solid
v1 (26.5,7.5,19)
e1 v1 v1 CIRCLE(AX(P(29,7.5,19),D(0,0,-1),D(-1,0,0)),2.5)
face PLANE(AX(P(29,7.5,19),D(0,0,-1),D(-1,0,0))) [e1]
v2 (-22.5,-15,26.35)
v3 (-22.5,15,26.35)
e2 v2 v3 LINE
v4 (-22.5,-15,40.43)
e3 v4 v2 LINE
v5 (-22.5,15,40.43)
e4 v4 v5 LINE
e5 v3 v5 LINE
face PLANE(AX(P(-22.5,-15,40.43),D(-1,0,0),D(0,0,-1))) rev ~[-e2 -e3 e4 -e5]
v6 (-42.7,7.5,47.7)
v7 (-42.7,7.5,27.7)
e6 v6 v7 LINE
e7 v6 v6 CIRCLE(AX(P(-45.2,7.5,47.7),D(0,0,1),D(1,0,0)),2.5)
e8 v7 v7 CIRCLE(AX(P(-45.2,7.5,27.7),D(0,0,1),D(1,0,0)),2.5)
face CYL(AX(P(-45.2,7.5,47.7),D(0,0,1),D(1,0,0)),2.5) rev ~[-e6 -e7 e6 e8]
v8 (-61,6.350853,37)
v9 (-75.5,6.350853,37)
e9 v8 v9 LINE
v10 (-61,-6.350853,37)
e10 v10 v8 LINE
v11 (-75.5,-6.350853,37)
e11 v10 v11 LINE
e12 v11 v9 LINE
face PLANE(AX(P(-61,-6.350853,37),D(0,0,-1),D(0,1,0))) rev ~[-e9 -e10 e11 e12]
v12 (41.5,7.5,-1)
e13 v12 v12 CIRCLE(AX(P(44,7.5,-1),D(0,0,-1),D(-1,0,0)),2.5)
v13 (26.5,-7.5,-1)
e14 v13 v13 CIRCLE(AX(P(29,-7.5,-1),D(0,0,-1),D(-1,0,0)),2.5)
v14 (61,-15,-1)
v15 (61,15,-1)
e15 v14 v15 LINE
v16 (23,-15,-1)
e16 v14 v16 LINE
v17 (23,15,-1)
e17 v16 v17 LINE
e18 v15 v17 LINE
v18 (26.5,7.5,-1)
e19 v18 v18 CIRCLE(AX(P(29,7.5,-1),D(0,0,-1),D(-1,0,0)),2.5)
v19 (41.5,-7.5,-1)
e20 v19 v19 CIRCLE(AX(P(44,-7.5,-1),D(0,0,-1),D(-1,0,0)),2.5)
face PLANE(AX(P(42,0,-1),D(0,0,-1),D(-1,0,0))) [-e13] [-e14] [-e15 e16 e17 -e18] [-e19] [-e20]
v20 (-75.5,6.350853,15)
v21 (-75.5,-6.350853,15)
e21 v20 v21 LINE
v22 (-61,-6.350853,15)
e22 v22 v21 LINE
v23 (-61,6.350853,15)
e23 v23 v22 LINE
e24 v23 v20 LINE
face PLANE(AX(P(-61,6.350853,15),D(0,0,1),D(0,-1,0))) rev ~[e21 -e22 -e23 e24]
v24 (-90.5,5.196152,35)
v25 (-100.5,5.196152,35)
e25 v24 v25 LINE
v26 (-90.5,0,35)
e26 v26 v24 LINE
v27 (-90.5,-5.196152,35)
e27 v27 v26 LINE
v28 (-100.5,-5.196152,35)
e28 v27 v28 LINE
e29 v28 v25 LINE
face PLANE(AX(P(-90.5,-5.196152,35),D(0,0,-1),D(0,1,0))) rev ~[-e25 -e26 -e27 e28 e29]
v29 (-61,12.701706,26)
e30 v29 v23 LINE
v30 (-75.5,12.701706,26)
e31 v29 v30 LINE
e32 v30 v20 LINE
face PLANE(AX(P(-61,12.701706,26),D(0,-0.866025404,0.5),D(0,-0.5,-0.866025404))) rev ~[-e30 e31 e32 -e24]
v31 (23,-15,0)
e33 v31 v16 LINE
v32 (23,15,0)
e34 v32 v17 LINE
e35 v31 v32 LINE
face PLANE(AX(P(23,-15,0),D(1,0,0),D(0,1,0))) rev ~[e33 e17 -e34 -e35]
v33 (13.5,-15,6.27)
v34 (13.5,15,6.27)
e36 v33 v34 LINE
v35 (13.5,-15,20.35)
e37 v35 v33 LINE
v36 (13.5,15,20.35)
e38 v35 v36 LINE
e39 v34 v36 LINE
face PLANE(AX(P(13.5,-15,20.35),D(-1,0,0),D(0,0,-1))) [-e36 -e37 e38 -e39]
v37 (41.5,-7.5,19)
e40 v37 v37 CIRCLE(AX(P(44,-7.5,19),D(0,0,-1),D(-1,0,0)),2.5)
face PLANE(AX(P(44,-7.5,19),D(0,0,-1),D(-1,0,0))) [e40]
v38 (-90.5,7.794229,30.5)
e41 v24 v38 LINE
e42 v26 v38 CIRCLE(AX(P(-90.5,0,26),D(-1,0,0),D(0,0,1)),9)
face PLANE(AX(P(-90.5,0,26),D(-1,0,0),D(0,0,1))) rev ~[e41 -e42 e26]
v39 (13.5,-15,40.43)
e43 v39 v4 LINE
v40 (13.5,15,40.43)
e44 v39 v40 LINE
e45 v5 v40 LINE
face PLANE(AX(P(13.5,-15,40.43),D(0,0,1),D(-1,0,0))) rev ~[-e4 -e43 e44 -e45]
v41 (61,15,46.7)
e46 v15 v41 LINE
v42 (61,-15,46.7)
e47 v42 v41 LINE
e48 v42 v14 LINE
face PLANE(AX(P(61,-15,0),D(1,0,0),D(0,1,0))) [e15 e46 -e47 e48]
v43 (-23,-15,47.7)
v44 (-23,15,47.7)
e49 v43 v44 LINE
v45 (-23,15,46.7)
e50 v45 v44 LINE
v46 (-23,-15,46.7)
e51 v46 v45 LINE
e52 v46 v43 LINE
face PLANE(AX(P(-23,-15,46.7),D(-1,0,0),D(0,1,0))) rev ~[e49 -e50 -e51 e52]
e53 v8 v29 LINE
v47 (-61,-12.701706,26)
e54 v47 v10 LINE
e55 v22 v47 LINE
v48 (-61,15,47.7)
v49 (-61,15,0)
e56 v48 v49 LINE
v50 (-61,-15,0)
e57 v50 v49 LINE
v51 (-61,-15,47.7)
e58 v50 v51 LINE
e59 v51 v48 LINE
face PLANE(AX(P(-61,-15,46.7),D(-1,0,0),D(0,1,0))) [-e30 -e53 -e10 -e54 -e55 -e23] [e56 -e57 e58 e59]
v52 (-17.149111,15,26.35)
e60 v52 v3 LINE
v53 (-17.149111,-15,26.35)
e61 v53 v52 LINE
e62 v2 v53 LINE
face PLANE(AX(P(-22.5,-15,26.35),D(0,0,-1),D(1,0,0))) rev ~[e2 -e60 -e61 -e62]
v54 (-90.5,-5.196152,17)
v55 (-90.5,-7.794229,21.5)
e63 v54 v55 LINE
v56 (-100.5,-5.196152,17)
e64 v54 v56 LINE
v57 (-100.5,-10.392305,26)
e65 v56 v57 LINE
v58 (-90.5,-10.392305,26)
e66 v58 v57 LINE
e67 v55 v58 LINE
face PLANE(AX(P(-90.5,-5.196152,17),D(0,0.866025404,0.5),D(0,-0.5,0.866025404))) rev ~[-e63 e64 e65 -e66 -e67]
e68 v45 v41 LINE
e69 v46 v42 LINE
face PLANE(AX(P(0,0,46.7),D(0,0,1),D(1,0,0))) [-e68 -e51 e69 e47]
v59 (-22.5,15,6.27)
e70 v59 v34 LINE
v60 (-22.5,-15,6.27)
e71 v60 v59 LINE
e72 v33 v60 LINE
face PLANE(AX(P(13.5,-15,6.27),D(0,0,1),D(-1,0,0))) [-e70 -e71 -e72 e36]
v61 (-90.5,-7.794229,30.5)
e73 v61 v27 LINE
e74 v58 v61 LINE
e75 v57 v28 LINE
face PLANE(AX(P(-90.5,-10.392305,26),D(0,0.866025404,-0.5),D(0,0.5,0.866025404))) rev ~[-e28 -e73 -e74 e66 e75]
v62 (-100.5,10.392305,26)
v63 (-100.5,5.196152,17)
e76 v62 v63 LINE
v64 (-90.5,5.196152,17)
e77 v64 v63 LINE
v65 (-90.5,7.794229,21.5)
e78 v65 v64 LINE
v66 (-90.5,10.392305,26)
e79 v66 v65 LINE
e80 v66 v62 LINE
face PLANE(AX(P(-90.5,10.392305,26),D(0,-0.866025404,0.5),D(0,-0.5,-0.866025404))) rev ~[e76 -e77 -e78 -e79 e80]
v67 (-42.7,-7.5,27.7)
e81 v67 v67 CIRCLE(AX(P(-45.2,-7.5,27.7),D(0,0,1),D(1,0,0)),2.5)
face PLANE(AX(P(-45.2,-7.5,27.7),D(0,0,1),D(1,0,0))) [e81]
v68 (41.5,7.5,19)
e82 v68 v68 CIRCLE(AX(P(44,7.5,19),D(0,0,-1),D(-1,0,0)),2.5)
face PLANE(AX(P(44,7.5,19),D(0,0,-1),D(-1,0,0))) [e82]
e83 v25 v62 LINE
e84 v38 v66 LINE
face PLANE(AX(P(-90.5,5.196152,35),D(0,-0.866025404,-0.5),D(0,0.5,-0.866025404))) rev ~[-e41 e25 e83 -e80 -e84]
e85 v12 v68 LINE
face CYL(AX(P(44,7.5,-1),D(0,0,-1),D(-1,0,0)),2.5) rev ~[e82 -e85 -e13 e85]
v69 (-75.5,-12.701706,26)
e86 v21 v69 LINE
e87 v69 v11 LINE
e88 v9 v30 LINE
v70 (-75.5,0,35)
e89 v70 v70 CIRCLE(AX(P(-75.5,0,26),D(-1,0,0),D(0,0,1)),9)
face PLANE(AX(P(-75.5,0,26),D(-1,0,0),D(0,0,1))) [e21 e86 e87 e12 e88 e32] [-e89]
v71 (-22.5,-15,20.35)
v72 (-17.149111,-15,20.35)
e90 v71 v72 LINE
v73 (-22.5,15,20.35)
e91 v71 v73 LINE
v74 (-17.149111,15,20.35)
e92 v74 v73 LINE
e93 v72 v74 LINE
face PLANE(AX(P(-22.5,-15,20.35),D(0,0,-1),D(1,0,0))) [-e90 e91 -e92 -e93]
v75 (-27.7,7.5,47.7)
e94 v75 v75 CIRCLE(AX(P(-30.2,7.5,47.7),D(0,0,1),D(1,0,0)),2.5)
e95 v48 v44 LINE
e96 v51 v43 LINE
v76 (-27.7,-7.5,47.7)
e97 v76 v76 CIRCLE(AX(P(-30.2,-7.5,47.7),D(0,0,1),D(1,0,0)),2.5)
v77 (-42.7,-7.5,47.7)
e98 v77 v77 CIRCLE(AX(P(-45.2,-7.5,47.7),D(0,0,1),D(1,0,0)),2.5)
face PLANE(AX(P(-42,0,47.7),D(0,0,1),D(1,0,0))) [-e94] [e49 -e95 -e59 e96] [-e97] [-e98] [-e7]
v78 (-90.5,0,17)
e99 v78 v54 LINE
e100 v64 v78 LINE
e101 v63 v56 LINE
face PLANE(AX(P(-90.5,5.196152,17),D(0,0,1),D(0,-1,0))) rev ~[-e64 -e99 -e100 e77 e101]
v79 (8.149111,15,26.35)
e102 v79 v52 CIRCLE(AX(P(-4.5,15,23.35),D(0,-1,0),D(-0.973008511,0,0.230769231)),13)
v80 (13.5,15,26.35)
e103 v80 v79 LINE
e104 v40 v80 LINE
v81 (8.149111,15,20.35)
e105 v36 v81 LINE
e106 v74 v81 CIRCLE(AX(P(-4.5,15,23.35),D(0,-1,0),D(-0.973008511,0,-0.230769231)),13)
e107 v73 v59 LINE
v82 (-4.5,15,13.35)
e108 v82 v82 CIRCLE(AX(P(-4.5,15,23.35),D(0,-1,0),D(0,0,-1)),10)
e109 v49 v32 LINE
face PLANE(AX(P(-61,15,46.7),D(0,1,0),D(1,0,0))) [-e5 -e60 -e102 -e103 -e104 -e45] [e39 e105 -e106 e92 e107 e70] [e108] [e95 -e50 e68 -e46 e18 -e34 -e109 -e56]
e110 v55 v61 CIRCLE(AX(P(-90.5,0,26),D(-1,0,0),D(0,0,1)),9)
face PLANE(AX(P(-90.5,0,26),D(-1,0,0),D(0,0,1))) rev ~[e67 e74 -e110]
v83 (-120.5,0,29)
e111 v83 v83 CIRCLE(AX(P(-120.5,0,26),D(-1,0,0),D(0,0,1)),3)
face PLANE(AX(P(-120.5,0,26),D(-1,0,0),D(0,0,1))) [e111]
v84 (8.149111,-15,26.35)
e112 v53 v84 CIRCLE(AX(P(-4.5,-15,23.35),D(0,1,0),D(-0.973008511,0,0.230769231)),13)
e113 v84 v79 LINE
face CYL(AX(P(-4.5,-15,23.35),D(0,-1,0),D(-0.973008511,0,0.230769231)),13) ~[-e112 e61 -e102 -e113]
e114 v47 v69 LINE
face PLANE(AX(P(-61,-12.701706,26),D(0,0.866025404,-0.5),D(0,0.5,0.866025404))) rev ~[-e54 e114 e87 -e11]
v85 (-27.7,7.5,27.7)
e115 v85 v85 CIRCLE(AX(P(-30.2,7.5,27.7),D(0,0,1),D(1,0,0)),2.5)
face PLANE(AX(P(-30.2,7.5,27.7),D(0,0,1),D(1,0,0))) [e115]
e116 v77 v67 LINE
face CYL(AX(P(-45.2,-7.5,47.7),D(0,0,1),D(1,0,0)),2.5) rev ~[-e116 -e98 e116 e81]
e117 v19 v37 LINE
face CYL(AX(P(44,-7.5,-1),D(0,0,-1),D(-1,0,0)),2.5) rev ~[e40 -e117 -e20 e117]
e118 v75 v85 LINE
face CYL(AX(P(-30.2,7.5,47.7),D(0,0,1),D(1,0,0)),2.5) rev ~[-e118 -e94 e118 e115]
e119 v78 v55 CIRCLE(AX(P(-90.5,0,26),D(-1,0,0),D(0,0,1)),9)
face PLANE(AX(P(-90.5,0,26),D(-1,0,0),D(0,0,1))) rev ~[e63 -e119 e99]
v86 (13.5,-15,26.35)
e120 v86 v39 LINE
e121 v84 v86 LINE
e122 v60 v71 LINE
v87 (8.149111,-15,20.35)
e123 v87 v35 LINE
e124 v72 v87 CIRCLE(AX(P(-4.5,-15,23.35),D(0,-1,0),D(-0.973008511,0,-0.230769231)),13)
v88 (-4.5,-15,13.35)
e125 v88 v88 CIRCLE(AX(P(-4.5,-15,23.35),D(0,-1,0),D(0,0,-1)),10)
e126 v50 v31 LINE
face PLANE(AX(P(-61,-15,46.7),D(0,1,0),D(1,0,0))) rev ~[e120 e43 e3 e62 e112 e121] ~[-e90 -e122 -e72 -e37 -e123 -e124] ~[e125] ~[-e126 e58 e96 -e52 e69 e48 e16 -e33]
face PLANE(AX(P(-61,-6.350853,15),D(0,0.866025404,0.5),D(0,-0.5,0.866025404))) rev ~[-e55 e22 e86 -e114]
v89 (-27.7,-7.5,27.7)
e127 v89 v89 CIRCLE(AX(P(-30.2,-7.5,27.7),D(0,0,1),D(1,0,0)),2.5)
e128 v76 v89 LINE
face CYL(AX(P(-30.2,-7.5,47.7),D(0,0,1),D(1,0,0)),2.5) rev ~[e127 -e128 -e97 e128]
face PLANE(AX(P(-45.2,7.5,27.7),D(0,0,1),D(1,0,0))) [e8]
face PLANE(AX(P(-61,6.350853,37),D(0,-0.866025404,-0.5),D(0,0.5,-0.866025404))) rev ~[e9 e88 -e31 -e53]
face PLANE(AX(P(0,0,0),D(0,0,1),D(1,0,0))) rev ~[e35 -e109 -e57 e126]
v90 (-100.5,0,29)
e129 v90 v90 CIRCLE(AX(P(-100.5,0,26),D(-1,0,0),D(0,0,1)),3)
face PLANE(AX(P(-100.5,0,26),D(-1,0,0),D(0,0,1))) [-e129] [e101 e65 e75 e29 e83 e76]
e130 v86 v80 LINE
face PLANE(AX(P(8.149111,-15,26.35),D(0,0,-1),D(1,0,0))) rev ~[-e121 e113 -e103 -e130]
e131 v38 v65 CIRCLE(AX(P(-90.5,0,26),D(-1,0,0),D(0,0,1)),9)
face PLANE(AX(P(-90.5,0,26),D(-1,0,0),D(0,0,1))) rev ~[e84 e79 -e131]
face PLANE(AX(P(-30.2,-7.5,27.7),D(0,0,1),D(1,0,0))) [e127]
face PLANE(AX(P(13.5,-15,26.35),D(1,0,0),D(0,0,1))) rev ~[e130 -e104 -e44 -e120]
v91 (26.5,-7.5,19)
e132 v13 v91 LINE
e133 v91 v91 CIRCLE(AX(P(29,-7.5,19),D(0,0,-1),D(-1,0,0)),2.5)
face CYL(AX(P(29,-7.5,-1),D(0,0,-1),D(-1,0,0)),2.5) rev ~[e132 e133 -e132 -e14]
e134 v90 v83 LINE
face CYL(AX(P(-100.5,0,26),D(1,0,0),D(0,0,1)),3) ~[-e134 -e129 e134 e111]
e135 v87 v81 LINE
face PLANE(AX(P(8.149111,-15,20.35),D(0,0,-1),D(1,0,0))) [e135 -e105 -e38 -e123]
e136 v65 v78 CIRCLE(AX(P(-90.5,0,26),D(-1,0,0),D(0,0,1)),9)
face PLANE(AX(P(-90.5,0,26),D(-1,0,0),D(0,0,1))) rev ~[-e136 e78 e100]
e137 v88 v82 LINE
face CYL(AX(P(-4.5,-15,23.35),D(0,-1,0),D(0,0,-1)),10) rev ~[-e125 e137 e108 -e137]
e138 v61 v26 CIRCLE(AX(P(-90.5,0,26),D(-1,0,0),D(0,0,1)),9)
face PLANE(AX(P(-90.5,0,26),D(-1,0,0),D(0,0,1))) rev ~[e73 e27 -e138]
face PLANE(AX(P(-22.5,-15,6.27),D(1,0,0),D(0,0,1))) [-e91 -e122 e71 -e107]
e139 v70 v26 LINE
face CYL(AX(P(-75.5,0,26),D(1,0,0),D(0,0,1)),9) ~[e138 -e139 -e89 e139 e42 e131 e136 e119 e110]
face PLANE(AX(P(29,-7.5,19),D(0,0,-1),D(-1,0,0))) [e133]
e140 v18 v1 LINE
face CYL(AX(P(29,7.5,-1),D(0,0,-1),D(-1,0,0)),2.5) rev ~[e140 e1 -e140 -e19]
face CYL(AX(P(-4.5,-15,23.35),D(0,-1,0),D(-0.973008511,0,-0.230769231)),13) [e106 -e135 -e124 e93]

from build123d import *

# Parameters (mm, degrees)
IZIM1_W                     = 122
IZIM1_H                     = 30
Y_KSEKLIK_EKSTR_ZYON1_DEPTH = 46.7
IZIM2_W                     = 38
IZIM2_H                     = 30
Y_KSEKLIK_EKSTR_ZYON2_DEPTH = 1
IZIM3_R                     = 2.5
KES_EKSTR_ZYON1_DEPTH       = 20
KES_EKSTR_ZYON2_DEPTH       = 38
IZIM5_R                     = 10
KES_EKSTR_ZYON3_DEPTH       = 38
Y_KSEKLIK_EKSTR_ZYON3_DEPTH = 14.5
IZIM7_R                     = 9
Y_KSEKLIK_EKSTR_ZYON4_DEPTH = 15
IZIM8_W                     = 38
IZIM8_H                     = 30
Y_KSEKLIK_EKSTR_ZYON5_DEPTH = 1
IZIM9_R                     = 2.5
KES_EKSTR_ZYON4_DEPTH       = 20
Y_KSEKLIK_EKSTR_ZYON6_DEPTH = 10
IZIM11_R                    = 3
Y_KSEKLIK_EKSTR_ZYON7_DEPTH = 20


with BuildPart() as part:
    # Çizim1 → Yükseklik-Ekstrüzyon1 (new body)
    with BuildSketch(Plane.XY):
        Rectangle(IZIM1_W, IZIM1_H)
    extrude(amount=Y_KSEKLIK_EKSTR_ZYON1_DEPTH)

    # Çizim2 → Yükseklik-Ekstrüzyon2 (add)
    with BuildSketch(Plane(origin=(0, 0, 0), x_dir=(-1, 0, 0), z_dir=(0, 0, -1))):
        with Locations((-42, 0)):
            Rectangle(IZIM2_W, IZIM2_H)
    extrude(amount=Y_KSEKLIK_EKSTR_ZYON2_DEPTH)

    # Çizim3 → Kes-Ekstrüzyon1 (cut)
    with BuildSketch(Plane(origin=(0, 0, -1), x_dir=(-1, 0, 0), z_dir=(0, 0, -1))):
        with Locations((-29, 7.5)):
            Circle(IZIM3_R)
        with Locations((-44, 7.5)):
            Circle(IZIM3_R)
        with Locations((-44, -7.5)):
            Circle(IZIM3_R)
        with Locations((-29, -7.5)):
            Circle(IZIM3_R)
    extrude(amount=-KES_EKSTR_ZYON1_DEPTH, mode=Mode.SUBTRACT)

    # Çizim4 → Kes-Ekstrüzyon2 (cut)
    with BuildSketch(Plane.XZ.offset(15)):
        with BuildLine():
            Line((13.5, 6.27), (-22.5, 6.27))
            Line((-22.5, 6.27), (-22.5, 20.35))
            Line((-22.5, 20.35), (-17.149110641, 20.35))
            ThreePointArc((-17.149110641, 20.35), (-4.5, 10.35), (8.149110641, 20.35))
            Line((8.149110641, 20.35), (13.5, 20.35))
            Line((13.5, 20.35), (13.5, 6.27))
        make_face()
        with BuildLine():
            Line((13.5, 40.43), (-22.5, 40.43))
            Line((-22.5, 40.43), (-22.5, 26.35))
            Line((-22.5, 26.35), (-17.149110641, 26.35))
            ThreePointArc((-17.149110641, 26.35), (-4.5, 36.35), (8.149110641, 26.35))
            Line((8.149110641, 26.35), (13.5, 26.35))
            Line((13.5, 26.35), (13.5, 40.43))
        make_face()
    extrude(amount=-KES_EKSTR_ZYON2_DEPTH, mode=Mode.SUBTRACT)

    # Çizim5 → Kes-Ekstrüzyon3 (cut)
    with BuildSketch(Plane.XZ.offset(15)):
        with Locations(Location((-4.5, 23.35, 0), (0, 0, 270))):
            Circle(IZIM5_R)
    extrude(amount=-KES_EKSTR_ZYON3_DEPTH, mode=Mode.SUBTRACT)

    # Çizim6 → Yükseklik-Ekstrüzyon3 (add)
    with BuildSketch(Plane.ZY.offset(61)):
        Polygon((26, 12.701705922), (15, 6.350852961), (15, -6.350852961), (26, -12.701705922), (37, -6.350852961), (37, 6.350852961), align=None)
    extrude(amount=Y_KSEKLIK_EKSTR_ZYON3_DEPTH)

    # Çizim7 → Yükseklik-Ekstrüzyon4 (add)
    with BuildSketch(Plane.ZY.offset(75.5)):
        with Locations((26, 0)):
            Circle(IZIM7_R)
    extrude(amount=Y_KSEKLIK_EKSTR_ZYON4_DEPTH)

    # Çizim8 → Yükseklik-Ekstrüzyon5 (add)
    with BuildSketch(Plane.XY.offset(46.7)):
        with Locations((-42, 0)):
            Rectangle(IZIM8_W, IZIM8_H)
    extrude(amount=Y_KSEKLIK_EKSTR_ZYON5_DEPTH)

    # Çizim9 → Kes-Ekstrüzyon4 (cut)
    with BuildSketch(Plane.XY.offset(47.7)):
        with Locations((-45.2, 7.5)):
            Circle(IZIM9_R)
        with Locations((-45.2, -7.5)):
            Circle(IZIM9_R)
        with Locations((-30.2, -7.5)):
            Circle(IZIM9_R)
        with Locations((-30.2, 7.5)):
            Circle(IZIM9_R)
    extrude(amount=-KES_EKSTR_ZYON4_DEPTH, mode=Mode.SUBTRACT)

    # Çizim10 → Yükseklik-Ekstrüzyon6 (add)
    with BuildSketch(Plane.ZY.offset(90.5)):
        Polygon((26, 10.392304845), (17, 5.196152423), (17, -5.196152423), (26, -10.392304845), (35, -5.196152423), (35, 5.196152423), align=None)
    extrude(amount=Y_KSEKLIK_EKSTR_ZYON6_DEPTH)

    # Çizim11 → Yükseklik-Ekstrüzyon7 (add)
    with BuildSketch(Plane.ZY.offset(100.5)):
        with Locations((26, 0)):
            Circle(IZIM11_R)
    extrude(amount=Y_KSEKLIK_EKSTR_ZYON7_DEPTH)


solid = part.part
